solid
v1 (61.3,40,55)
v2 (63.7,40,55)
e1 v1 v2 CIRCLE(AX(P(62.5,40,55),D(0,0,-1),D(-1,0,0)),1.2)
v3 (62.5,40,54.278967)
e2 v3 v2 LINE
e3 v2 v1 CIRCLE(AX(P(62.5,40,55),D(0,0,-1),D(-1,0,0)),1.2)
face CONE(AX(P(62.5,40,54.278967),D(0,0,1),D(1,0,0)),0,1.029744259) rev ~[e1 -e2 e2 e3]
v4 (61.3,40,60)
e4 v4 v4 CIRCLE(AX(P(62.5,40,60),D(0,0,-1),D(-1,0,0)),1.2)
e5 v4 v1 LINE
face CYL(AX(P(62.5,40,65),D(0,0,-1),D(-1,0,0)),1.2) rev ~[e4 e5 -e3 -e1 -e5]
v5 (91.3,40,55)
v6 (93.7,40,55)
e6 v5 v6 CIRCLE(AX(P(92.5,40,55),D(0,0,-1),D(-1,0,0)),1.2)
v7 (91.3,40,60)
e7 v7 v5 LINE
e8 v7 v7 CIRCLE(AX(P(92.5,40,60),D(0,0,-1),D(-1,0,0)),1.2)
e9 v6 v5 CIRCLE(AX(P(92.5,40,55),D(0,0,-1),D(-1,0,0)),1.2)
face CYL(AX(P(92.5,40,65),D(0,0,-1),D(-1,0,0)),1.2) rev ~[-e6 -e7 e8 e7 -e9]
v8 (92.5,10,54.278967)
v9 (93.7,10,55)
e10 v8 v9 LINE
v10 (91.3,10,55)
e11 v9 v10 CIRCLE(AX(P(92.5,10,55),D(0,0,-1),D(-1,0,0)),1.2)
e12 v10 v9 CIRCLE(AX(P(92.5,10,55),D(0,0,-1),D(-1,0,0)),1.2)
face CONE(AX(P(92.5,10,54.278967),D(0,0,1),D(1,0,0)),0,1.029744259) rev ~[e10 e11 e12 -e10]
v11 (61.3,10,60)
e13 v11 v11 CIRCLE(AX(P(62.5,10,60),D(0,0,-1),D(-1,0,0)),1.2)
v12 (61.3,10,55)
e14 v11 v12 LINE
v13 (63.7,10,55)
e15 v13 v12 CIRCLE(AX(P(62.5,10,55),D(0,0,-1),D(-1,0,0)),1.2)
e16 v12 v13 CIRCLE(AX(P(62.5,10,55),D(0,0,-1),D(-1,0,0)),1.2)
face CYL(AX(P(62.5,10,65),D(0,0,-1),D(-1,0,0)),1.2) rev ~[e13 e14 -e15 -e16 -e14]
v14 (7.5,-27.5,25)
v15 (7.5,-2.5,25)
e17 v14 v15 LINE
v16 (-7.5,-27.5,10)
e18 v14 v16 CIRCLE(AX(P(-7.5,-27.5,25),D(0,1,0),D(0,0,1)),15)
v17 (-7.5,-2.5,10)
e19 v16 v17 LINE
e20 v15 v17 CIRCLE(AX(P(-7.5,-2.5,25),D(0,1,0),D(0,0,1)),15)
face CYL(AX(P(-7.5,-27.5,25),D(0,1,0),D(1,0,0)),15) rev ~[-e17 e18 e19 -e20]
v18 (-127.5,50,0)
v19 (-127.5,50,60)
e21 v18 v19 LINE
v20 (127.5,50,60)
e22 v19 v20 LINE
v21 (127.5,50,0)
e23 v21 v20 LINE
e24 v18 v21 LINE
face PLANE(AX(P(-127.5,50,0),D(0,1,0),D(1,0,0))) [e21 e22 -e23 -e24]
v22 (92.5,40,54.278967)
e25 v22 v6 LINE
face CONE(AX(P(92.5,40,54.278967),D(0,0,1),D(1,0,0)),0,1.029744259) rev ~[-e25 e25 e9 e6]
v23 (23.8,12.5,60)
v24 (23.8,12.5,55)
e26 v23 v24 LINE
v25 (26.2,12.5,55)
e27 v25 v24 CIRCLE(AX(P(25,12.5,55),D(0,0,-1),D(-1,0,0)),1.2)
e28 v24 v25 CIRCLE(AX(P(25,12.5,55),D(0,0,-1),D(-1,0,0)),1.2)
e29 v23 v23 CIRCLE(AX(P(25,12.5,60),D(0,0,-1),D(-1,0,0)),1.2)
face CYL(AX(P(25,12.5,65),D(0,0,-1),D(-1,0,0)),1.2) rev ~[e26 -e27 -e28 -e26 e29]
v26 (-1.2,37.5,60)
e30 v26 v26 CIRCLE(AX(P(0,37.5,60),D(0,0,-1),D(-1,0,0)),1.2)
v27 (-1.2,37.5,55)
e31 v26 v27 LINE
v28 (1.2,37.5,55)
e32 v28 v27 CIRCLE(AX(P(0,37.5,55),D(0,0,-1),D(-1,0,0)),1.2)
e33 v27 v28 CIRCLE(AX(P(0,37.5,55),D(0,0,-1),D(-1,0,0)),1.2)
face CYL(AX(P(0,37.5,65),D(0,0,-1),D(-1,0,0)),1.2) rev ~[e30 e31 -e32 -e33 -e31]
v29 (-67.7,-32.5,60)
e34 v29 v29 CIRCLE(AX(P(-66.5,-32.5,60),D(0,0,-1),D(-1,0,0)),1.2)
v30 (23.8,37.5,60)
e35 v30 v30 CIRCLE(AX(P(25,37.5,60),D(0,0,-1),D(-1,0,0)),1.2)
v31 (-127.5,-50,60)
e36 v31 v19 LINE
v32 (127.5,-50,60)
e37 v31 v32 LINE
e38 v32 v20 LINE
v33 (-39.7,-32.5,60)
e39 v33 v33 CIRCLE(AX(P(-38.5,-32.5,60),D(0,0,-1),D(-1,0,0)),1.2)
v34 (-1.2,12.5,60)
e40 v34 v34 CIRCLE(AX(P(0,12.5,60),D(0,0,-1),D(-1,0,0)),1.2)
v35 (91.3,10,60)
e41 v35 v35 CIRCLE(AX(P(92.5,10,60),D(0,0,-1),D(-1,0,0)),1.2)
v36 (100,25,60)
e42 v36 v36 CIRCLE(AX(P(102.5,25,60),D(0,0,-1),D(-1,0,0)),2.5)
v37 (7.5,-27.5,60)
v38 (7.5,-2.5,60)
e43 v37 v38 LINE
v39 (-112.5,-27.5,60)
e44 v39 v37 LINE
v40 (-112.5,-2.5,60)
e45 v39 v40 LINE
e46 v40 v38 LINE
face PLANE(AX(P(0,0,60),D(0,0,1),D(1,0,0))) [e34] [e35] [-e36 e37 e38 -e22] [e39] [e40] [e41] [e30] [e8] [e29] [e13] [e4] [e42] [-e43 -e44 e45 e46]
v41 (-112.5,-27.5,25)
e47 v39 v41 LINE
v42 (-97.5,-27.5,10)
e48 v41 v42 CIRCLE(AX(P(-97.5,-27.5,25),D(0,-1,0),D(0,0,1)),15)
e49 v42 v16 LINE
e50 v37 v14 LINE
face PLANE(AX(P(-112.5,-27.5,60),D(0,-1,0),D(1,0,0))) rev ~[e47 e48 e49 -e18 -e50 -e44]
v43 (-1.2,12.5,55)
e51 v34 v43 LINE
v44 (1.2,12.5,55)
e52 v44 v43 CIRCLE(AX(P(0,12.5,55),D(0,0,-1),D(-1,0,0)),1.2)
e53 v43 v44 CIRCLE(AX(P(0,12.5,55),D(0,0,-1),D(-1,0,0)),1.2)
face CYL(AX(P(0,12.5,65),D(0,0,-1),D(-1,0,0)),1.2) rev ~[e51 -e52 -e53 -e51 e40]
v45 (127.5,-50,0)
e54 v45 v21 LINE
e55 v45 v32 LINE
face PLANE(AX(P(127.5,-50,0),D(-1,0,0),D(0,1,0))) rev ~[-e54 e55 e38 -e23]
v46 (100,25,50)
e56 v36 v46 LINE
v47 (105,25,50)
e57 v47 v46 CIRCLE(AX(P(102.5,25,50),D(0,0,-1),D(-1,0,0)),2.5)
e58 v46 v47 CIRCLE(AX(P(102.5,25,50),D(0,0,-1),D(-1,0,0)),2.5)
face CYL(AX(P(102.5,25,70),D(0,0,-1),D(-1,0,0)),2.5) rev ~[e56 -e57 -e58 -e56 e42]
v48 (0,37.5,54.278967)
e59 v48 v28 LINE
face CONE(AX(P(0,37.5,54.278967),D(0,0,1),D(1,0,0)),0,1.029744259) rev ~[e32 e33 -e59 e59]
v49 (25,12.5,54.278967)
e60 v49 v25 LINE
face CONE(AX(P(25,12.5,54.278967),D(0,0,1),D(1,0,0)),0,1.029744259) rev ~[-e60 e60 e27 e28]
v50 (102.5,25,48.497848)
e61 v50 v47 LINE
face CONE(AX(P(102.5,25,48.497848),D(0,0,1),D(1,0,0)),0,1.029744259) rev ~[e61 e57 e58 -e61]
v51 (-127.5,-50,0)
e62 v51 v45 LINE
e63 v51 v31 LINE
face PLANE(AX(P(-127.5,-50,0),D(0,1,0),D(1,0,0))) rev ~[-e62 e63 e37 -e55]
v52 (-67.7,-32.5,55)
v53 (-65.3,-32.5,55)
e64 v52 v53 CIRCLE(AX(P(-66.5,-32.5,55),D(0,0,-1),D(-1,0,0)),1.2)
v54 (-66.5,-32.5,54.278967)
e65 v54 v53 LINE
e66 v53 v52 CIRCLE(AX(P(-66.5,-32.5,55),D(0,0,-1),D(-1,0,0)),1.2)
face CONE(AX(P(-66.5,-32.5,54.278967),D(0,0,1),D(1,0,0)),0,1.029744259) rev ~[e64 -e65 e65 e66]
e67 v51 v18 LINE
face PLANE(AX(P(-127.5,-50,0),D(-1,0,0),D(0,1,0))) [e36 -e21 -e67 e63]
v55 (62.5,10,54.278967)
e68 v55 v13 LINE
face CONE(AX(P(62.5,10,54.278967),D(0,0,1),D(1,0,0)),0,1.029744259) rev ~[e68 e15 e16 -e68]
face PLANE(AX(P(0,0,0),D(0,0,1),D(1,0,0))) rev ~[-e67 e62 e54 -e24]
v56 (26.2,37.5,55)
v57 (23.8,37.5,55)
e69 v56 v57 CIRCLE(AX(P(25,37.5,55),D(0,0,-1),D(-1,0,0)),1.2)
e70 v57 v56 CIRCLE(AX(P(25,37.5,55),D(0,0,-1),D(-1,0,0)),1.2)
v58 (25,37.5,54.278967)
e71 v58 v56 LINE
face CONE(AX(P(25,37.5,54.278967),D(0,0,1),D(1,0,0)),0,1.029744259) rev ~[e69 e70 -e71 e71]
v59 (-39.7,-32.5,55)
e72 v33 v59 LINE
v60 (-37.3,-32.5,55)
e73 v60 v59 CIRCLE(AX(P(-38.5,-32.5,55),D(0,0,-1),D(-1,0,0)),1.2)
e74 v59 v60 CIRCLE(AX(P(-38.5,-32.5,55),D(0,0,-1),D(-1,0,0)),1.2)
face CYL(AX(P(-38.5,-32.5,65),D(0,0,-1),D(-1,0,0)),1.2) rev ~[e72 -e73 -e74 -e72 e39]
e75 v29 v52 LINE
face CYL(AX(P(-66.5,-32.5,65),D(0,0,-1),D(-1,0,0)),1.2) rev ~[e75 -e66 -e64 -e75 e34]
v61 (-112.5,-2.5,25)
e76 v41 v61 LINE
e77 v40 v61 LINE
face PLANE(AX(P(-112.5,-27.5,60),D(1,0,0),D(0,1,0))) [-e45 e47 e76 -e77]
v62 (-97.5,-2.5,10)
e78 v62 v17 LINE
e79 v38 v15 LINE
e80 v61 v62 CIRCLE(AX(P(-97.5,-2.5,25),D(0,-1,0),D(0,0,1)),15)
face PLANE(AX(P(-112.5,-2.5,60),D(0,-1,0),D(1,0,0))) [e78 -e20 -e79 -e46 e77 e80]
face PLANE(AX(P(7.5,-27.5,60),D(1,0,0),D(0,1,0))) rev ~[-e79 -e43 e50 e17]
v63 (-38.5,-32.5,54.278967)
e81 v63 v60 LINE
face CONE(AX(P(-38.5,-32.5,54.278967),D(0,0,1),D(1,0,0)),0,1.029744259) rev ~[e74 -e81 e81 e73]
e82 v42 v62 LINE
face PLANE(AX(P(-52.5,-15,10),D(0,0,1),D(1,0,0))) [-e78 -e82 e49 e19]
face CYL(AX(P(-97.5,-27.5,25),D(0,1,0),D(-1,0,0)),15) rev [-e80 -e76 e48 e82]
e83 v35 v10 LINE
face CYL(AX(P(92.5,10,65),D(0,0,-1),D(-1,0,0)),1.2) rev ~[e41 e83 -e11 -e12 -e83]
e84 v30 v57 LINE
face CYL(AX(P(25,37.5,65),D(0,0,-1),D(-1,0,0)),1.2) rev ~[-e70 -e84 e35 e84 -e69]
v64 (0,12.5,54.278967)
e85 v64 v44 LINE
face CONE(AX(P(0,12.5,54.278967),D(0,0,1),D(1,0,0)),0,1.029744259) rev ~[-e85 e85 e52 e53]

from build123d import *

# Parameters (mm, degrees)
F0_W     = 255
F0_H     = 100
F1_DEPTH = 60
F2_W     = 120
F2_H     = 25
F3_DEPTH = 50
F4_R     = 15
F6_D     = 2.4
F6_DEPTH = 5
F6_TIP   = 0.7210327428
F7_D     = 5
F7_DEPTH = 10
F7_TIP   = 1.5021515476


with BuildPart() as f1:
    # F0 (on Top) → F1 (new body)
    with BuildSketch(Plane.XY):
        Rectangle(F0_W, F0_H)
    extrude(amount=F1_DEPTH)

    # F2 (on face) → F3 (cut)
    with BuildSketch(Plane.XY.offset(60)):
        with Locations((-52.5, -15)):
            Rectangle(F2_W, F2_H)
    extrude(amount=-F3_DEPTH, mode=Mode.SUBTRACT)

    # F4
    f4_edges = [f1.edges().sort_by_distance(p)[0] for p in [
        (7.5, -15, 10),
        (-112.5, -15, 10),
    ]]
    fillet(f4_edges, radius=F4_R)

    # F6
    with Locations(Plane.XY.offset(60)):
        with Locations((92.5, 10), (92.5, 40), (62.5, 10), (62.5, 40), (25, 12.5), (0, 12.5), (0, 37.5), (25, 37.5), (-38.5, -32.5), (-66.5, -32.5)):
            Hole(F6_D / 2, depth=F6_DEPTH)
            with Locations((0, 0, -(F6_DEPTH + F6_TIP / 2))):  # 118° drill point
                Cone(0, F6_D / 2, F6_TIP, mode=Mode.SUBTRACT)

    # F7
    with Locations(Plane.XY.offset(60)):
        with Locations((102.5, 25)):
            Hole(F7_D / 2, depth=F7_DEPTH)
            with Locations((0, 0, -(F7_DEPTH + F7_TIP / 2))):  # 118° drill point
                Cone(0, F7_D / 2, F7_TIP, mode=Mode.SUBTRACT)


solid = f1.part
